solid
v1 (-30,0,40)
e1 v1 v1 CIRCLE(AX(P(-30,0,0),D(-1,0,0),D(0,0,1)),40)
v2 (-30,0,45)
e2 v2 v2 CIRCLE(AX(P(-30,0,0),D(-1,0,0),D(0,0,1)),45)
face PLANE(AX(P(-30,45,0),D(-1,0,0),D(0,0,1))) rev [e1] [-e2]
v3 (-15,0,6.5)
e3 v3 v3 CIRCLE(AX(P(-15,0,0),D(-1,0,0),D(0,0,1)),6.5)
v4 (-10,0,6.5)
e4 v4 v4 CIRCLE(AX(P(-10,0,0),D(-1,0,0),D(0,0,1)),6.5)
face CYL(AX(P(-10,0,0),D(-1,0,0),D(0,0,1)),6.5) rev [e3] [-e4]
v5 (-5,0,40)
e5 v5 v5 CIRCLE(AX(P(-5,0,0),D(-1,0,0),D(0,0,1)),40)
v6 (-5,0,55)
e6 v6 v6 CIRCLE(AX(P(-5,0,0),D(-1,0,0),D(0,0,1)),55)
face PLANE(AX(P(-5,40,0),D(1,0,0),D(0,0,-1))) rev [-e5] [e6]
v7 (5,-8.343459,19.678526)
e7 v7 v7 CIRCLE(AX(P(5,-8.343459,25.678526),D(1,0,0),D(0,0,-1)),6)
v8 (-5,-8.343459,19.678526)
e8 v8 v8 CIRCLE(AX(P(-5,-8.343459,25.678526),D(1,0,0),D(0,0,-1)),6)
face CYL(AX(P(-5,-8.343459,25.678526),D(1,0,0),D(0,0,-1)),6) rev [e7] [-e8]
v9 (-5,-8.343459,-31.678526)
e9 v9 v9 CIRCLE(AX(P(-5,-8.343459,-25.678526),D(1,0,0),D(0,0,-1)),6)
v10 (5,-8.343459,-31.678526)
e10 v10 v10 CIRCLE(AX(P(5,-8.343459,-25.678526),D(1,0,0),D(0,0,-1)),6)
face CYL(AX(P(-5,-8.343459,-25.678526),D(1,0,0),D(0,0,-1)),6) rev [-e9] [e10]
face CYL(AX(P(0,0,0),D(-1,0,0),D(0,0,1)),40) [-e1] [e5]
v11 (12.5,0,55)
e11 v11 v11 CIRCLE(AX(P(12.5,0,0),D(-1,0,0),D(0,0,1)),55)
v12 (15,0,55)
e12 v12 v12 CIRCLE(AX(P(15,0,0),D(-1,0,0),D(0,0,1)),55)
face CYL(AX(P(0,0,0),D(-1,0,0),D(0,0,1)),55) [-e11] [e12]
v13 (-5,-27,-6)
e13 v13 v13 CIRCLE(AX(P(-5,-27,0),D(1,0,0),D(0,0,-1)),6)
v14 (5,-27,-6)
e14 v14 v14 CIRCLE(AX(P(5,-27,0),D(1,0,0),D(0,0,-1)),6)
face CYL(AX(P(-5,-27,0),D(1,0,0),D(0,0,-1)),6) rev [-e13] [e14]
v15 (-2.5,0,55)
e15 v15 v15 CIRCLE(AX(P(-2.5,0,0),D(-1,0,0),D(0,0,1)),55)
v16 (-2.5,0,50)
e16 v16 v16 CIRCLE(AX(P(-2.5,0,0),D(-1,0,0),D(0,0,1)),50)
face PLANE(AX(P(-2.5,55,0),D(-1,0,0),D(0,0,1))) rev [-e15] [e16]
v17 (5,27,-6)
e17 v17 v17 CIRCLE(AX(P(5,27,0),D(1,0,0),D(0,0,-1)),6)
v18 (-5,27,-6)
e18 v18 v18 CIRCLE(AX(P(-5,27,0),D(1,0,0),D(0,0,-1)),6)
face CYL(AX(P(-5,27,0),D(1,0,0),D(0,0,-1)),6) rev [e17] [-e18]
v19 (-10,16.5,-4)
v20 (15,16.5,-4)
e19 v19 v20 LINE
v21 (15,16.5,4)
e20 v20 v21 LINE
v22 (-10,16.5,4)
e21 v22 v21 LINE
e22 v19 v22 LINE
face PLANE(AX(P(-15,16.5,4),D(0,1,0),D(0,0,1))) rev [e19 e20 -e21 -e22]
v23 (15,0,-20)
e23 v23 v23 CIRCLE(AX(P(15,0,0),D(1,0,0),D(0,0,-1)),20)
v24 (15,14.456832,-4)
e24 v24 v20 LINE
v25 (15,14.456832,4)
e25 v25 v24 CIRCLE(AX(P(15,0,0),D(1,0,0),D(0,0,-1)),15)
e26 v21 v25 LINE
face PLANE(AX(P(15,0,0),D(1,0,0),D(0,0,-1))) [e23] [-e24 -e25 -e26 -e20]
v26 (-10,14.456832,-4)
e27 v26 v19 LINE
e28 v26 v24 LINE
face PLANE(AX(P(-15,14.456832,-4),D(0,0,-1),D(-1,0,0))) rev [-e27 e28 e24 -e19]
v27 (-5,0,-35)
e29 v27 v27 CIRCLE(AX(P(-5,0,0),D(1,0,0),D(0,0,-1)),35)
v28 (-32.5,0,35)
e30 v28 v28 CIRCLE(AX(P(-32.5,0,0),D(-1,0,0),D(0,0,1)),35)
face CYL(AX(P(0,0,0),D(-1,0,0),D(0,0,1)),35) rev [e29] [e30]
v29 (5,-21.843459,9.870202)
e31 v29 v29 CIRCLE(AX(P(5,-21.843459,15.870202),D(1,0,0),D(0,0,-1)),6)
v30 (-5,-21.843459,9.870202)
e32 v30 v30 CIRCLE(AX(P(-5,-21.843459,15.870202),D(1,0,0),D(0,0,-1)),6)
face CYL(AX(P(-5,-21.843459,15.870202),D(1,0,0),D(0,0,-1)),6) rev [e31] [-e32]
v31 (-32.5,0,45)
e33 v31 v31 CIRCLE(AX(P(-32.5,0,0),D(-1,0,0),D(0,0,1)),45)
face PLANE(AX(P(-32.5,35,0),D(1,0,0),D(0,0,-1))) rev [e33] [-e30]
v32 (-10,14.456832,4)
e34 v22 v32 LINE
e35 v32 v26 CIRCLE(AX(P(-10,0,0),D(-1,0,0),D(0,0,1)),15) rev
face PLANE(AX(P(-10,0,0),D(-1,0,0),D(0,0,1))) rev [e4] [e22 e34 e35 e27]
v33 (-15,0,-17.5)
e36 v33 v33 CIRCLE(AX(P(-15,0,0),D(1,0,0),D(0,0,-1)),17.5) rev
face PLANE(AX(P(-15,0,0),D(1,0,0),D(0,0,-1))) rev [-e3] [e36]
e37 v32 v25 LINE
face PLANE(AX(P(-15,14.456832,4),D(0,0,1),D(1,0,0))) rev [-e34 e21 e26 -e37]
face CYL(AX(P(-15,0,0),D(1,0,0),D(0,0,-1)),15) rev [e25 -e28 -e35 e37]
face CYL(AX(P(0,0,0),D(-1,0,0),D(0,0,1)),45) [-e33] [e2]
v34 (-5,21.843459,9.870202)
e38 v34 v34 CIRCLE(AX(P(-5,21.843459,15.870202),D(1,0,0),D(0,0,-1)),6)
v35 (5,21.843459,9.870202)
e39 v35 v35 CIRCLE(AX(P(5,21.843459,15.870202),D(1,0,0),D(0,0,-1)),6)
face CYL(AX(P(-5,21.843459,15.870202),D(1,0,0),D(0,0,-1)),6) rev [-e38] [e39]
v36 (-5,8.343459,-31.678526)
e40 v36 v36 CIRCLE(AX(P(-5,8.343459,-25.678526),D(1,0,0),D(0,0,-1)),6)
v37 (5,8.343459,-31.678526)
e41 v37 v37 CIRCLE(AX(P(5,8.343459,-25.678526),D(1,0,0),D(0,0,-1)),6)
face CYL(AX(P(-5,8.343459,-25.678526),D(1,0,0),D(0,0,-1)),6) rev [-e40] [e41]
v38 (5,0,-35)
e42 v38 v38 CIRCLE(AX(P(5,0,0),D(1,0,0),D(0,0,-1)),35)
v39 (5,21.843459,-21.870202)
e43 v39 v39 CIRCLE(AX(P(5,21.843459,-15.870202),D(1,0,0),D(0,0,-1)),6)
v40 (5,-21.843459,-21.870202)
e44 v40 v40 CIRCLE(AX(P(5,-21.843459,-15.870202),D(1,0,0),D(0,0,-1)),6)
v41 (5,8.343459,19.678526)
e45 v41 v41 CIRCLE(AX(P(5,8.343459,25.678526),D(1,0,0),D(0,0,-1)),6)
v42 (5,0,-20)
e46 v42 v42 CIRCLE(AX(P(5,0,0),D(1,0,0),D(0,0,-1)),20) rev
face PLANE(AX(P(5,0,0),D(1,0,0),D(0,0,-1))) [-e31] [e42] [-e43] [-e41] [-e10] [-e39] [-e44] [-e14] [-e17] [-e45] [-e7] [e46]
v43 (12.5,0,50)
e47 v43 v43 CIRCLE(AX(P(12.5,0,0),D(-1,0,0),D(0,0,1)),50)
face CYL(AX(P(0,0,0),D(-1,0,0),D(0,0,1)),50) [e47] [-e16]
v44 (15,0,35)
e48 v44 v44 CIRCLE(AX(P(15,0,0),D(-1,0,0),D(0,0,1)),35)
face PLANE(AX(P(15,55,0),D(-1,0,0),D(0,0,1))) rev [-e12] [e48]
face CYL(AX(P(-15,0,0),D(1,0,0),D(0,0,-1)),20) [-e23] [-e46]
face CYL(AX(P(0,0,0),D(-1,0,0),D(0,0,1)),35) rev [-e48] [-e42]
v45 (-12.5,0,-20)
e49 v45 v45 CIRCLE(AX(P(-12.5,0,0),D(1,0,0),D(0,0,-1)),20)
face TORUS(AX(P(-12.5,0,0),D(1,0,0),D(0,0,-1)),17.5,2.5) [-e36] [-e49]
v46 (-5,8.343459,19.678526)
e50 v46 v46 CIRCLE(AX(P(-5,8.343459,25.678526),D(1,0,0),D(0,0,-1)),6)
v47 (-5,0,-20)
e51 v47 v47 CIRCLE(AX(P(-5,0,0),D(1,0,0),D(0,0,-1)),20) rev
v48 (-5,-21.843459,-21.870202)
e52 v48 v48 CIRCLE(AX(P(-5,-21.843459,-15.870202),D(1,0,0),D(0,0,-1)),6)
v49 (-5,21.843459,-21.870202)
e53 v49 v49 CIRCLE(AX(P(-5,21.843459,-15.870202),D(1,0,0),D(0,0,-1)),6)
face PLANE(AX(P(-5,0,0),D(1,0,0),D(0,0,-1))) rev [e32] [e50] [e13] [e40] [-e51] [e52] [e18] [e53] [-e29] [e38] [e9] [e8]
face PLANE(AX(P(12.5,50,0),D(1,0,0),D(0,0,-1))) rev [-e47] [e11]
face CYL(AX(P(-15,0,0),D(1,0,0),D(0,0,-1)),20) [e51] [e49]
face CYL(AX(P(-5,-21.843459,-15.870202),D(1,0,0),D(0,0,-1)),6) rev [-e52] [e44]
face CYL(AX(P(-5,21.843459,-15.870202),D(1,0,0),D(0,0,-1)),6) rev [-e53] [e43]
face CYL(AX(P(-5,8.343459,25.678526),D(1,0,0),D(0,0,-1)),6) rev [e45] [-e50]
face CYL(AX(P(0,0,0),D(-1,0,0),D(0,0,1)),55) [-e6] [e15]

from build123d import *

# Parameters (mm, degrees)
BOSS_EXTRUDE1_DEPTH      = 15
BOSS_EXTRUDE1_DEPTH_BACK = 15
SKETCH1_R                = 20
SKETCH2_R                = 20
SKETCH2_R_2              = 6.5
BOSS_EXTRUDE2_DEPTH      = 5
BOSS_EXTRUDE3_DEPTH      = 5
BOSS_EXTRUDE3_DEPTH_BACK = 5
SKETCH3_R                = 40
SKETCH3_R_2              = 6
SKETCH3_R_3              = 17.5
FILLET1_R                = 2.5


with BuildPart() as part:
    # Sketch1 → Boss-Extrude1 (new, two sides: drawn at the far end of the back side and taken through both)
    with BuildSketch(Plane(origin=(0, 0, 0), x_dir=(0, 0, -1), z_dir=(1, 0, 0)).offset(-BOSS_EXTRUDE1_DEPTH_BACK)):
        Circle(SKETCH1_R)
        with BuildLine():
            Line((-4, 14.456832295), (-4, 16.5))
            Line((-4, 16.5), (4, 16.5))
            Line((4, 16.5), (4, 14.456832295))
            ThreePointArc((4, 14.456832295), (0, -15), (-4, 14.456832295))
        make_face(mode=Mode.SUBTRACT)
    extrude(amount=BOSS_EXTRUDE1_DEPTH + BOSS_EXTRUDE1_DEPTH_BACK)

    # Sketch2 → Boss-Extrude2 (add)
    with BuildSketch(Plane.ZY.offset(15)):
        Circle(SKETCH2_R)
        Circle(SKETCH2_R_2, mode=Mode.SUBTRACT)
    extrude(amount=-BOSS_EXTRUDE2_DEPTH)

    # Sketch3 → Boss-Extrude3 (add, two sides: drawn at the far end of the back side and taken through both)
    with BuildSketch(Plane(origin=(0, 0, 0), x_dir=(0, 0, -1), z_dir=(1, 0, 0)).offset(-BOSS_EXTRUDE3_DEPTH_BACK)):
        Circle(SKETCH3_R)
        with Locations((0, 27)):
            Circle(SKETCH3_R_2, mode=Mode.SUBTRACT)
        Circle(SKETCH3_R_3, mode=Mode.SUBTRACT)
        with Locations((15.870201812, 21.843458848)):
            Circle(SKETCH3_R_2, mode=Mode.SUBTRACT)
        with Locations((25.67852594, 8.343458848)):
            Circle(SKETCH3_R_2, mode=Mode.SUBTRACT)
        with Locations((25.67852594, -8.343458848)):
            Circle(SKETCH3_R_2, mode=Mode.SUBTRACT)
        with Locations((15.870201812, -21.843458848)):
            Circle(SKETCH3_R_2, mode=Mode.SUBTRACT)
        with Locations((0, -27)):
            Circle(SKETCH3_R_2, mode=Mode.SUBTRACT)
        with Locations((-15.870201812, -21.843458848)):
            Circle(SKETCH3_R_2, mode=Mode.SUBTRACT)
        with Locations((-25.67852594, -8.343458848)):
            Circle(SKETCH3_R_2, mode=Mode.SUBTRACT)
        with Locations((-25.67852594, 8.343458848)):
            Circle(SKETCH3_R_2, mode=Mode.SUBTRACT)
        with Locations((-15.870201812, 21.843458848)):
            Circle(SKETCH3_R_2, mode=Mode.SUBTRACT)
    extrude(amount=BOSS_EXTRUDE3_DEPTH + BOSS_EXTRUDE3_DEPTH_BACK)

    # Sketch5 → Revolve1 (revolve)
    with BuildSketch(Plane.XY):
        Polygon((-32.5, 35), (-32.5, 45), (-30, 45), (-30, 40), (-5, 40), (-5, 55), (-2.5, 55), (-2.5, 50), (12.5, 50), (12.5, 55), (15, 55), (15, 35), align=None)
    revolve(axis=Axis((0, 0, 0), (1, 0, 0)))

    # Fillet1
    fillet1_edges = [part.edges().sort_by_distance(p)[0] for p in [
        (-15, 0, 20),
    ]]
    fillet(fillet1_edges, radius=FILLET1_R)


solid = part.part
